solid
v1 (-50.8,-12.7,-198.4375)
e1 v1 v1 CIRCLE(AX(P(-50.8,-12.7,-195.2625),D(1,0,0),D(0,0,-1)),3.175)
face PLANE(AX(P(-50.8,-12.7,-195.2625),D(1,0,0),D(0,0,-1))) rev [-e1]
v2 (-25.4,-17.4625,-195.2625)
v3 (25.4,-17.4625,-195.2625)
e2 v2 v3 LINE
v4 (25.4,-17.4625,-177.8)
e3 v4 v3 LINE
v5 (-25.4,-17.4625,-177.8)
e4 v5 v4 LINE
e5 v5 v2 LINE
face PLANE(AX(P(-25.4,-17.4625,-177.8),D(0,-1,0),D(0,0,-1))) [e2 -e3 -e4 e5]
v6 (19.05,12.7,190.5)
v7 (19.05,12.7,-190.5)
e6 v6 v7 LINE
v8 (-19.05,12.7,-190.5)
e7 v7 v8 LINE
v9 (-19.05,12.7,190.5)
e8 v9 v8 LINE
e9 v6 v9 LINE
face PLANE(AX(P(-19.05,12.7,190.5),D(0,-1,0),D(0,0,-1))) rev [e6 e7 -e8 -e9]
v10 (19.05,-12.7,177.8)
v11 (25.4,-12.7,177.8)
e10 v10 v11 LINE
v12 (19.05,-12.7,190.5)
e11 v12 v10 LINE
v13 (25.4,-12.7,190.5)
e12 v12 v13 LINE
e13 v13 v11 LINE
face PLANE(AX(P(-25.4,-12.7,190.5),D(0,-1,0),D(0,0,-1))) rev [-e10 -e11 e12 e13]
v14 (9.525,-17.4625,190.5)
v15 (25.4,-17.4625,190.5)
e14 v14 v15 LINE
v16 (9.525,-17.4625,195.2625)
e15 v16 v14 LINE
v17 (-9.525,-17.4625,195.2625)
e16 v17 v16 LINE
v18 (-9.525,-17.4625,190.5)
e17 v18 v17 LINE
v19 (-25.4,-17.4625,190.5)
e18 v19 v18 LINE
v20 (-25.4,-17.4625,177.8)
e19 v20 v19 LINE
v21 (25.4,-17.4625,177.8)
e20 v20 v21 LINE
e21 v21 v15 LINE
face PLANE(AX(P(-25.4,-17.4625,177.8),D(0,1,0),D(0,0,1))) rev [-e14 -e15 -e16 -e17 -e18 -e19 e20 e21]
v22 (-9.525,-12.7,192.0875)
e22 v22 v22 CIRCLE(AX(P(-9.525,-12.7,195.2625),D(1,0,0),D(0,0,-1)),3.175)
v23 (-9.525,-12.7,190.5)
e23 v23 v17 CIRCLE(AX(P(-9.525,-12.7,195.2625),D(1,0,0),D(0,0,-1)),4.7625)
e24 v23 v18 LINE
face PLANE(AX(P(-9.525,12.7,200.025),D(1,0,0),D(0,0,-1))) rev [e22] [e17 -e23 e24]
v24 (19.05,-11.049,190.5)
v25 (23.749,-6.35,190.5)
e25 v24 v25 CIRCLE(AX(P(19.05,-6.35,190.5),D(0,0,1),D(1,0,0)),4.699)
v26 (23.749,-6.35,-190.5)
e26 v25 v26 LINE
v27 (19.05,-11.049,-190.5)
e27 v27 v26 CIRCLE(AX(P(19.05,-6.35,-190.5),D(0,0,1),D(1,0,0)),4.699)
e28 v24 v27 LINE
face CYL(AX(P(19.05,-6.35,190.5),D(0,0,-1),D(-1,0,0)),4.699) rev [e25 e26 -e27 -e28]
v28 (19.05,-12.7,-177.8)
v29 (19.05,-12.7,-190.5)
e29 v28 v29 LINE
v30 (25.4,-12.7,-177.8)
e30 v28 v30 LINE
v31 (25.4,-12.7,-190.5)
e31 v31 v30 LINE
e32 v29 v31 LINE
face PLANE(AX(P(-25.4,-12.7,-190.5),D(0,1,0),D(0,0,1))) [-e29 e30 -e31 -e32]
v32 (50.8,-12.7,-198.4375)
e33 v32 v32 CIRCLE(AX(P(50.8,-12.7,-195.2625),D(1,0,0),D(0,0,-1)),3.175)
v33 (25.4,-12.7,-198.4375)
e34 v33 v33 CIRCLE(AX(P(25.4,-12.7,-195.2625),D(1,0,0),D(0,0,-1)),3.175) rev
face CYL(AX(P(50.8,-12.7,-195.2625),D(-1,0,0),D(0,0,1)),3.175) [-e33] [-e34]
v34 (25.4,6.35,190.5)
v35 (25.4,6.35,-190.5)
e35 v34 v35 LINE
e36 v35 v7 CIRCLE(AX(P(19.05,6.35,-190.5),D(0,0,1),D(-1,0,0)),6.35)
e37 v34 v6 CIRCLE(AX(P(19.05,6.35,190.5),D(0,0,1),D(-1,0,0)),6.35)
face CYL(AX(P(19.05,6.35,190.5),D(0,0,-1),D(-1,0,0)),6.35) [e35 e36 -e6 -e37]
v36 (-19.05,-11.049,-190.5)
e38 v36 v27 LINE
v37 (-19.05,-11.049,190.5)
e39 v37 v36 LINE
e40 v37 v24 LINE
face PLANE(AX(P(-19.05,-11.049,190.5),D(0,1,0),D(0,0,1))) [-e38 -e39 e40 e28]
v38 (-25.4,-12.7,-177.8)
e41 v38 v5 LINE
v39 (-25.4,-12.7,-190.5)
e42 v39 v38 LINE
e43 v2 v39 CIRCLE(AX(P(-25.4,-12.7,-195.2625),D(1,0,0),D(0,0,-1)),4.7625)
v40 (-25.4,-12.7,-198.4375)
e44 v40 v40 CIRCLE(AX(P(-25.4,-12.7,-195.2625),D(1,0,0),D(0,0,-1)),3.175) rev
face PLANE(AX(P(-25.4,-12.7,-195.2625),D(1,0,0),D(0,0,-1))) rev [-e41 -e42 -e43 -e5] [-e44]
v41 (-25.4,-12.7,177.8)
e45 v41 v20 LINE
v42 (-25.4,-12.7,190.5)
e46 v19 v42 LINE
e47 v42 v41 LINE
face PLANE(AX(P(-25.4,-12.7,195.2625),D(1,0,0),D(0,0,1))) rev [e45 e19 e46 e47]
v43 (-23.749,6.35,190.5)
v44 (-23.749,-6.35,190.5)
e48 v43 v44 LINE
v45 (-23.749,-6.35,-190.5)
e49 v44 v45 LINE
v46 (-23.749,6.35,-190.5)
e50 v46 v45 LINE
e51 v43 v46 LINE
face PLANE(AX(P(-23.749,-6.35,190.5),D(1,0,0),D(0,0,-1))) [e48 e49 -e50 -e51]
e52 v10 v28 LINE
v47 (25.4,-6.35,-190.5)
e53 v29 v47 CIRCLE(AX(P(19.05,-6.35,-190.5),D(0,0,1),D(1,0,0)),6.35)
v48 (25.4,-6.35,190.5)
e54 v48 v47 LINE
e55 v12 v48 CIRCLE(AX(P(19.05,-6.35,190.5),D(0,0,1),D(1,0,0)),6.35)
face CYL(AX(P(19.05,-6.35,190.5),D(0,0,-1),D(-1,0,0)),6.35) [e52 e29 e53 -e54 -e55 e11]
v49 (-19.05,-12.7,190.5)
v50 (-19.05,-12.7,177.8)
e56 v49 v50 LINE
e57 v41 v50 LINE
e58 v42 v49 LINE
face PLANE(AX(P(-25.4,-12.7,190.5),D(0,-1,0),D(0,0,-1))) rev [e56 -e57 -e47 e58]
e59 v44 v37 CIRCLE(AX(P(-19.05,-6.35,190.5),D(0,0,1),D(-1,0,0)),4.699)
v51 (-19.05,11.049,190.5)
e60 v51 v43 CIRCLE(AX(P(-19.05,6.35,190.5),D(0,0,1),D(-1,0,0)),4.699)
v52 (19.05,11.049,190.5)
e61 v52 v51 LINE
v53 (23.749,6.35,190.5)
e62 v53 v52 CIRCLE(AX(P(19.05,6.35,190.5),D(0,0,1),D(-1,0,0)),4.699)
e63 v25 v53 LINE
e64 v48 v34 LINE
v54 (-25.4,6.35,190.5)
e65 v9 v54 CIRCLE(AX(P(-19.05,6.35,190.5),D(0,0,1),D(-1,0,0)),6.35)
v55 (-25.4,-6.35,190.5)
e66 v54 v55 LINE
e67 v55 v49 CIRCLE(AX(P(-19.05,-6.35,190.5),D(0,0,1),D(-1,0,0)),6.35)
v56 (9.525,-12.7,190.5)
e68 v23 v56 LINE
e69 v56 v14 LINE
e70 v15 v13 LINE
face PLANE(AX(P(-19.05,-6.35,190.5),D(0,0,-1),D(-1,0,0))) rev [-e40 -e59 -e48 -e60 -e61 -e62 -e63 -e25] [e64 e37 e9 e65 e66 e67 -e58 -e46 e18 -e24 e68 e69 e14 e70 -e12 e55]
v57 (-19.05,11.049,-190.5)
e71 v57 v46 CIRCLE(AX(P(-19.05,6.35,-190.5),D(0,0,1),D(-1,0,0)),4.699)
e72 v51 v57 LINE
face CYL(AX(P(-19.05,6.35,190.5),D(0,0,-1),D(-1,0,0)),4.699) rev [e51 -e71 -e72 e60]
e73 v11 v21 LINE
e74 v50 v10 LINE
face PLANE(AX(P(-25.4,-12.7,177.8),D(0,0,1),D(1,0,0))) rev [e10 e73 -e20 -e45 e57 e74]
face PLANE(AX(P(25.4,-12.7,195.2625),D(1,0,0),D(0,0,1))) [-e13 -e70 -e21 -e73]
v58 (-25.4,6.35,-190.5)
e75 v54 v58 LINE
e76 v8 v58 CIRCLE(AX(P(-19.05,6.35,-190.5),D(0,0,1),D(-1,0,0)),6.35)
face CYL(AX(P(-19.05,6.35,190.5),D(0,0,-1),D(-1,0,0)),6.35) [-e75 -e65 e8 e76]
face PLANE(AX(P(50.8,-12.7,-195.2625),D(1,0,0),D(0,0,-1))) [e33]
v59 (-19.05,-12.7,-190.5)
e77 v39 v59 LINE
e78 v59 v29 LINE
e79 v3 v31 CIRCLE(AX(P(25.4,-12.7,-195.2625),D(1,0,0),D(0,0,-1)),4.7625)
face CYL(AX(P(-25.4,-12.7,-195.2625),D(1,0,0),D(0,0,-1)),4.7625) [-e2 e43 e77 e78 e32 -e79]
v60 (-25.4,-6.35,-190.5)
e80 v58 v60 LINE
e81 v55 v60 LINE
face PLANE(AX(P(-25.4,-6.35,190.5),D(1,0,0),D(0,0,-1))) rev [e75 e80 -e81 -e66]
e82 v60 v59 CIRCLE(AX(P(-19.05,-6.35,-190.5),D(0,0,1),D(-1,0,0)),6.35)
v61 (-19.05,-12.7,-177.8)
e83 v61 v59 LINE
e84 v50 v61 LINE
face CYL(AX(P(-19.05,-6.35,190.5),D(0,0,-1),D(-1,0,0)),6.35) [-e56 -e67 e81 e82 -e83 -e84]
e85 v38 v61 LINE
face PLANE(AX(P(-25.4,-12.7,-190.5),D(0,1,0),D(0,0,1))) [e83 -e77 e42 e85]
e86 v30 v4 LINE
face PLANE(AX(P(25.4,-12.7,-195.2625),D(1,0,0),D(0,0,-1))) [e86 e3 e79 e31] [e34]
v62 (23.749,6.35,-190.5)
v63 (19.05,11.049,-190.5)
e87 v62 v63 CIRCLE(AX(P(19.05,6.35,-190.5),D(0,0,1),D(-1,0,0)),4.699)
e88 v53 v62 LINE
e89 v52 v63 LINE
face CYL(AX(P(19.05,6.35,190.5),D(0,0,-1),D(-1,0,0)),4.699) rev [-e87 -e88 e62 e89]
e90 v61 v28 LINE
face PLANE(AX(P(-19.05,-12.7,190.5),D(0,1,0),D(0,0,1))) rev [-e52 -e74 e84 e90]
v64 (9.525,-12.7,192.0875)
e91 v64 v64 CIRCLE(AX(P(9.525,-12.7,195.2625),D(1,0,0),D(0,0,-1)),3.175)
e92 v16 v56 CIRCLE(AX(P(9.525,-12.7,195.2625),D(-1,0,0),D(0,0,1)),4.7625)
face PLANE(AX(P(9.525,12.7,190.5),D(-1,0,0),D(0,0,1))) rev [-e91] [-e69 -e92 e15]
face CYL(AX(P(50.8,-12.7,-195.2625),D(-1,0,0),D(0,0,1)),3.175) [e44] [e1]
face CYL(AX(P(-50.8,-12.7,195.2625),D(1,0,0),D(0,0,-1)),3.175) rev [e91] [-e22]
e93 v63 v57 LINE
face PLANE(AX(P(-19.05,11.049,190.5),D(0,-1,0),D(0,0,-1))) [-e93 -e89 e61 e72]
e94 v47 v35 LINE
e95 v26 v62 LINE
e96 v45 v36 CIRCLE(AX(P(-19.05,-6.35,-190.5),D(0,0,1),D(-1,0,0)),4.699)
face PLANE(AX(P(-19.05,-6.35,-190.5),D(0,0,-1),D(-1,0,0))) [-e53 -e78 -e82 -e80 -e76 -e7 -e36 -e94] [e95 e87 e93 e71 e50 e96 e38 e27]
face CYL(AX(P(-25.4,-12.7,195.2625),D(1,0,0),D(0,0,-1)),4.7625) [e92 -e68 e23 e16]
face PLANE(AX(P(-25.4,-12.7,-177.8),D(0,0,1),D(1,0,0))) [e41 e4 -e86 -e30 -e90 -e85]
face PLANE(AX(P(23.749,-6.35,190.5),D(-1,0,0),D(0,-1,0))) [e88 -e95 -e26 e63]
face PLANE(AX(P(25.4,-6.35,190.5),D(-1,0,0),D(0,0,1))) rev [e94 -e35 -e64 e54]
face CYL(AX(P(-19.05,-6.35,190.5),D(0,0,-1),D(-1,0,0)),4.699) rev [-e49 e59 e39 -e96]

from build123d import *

# Parameters (mm, degrees)
BOSS_EXTRUDE1_DEPTH = 190.5
BOSS_EXTRUDE2_DEPTH = 50.8
SKETCH3_R           = 3.175
BOSS_EXTRUDE3_DEPTH = 50.8
SKETCH4_W           = 15.875
SKETCH4_H           = 9.525
CUT_EXTRUDE1_DEPTH  = 31.1625
SKETCH5_R           = 3.175
CUT_EXTRUDE2_DEPTH  = 61.325


with BuildPart() as part:
    # Sketch1 → Boss-Extrude1 (new body, symmetric)
    with BuildSketch(Plane.XY):
        with BuildLine():
            Line((-19.05, -12.7), (19.05, -12.7))
            ThreePointArc((19.05, -12.7), (23.540128061, -10.840128061), (25.4, -6.35))
            Line((25.4, -6.35), (25.4, 6.35))
            ThreePointArc((25.4, 6.35), (23.540128061, 10.840128061), (19.05, 12.7))
            Line((19.05, 12.7), (-19.05, 12.7))
            ThreePointArc((-19.05, 12.7), (-23.540128061, 10.840128061), (-25.4, 6.35))
            Line((-25.4, 6.35), (-25.4, -6.35))
            ThreePointArc((-25.4, -6.35), (-23.540128061, -10.840128061), (-19.05, -12.7))
        make_face()
        with BuildLine():
            Line((-19.05, 11.049), (19.05, 11.049))
            ThreePointArc((19.05, 11.049), (22.372694765, 9.672694765), (23.749, 6.35))
            Line((23.749, 6.35), (23.749, -6.35))
            ThreePointArc((23.749, -6.35), (22.372694765, -9.672694765), (19.05, -11.049))
            Line((19.05, -11.049), (-19.05, -11.049))
            ThreePointArc((-19.05, -11.049), (-22.372694765, -9.672694765), (-23.749, -6.35))
            Line((-23.749, -6.35), (-23.749, 6.35))
            ThreePointArc((-23.749, 6.35), (-22.372694765, 9.672694765), (-19.05, 11.049))
        make_face(mode=Mode.SUBTRACT)
    extrude(amount=BOSS_EXTRUDE1_DEPTH, both=True)

    # Sketch2 → Boss-Extrude2 (add, through all)
    with BuildSketch(Plane(origin=(25.4, 0, 0), x_dir=(0, 0, -1), z_dir=(1, 0, 0))):
        with BuildLine():
            Line((177.8, -12.7), (177.8, -17.4625))
            Line((177.8, -17.4625), (195.2625, -17.4625))
            ThreePointArc((195.2625, -17.4625), (198.630096045, -9.332403955), (190.5, -12.7))
            Line((190.5, -12.7), (177.8, -12.7))
        make_face()
    boss_extrude2 = extrude(amount=-BOSS_EXTRUDE2_DEPTH)

    # Mirror1: Boss-Extrude2 across plane
    add(boss_extrude2.mirror(Plane.XY))

    # Sketch3 → Boss-Extrude3 (add, symmetric)
    with BuildSketch(Plane(origin=(0, 0, 0), x_dir=(0, 0, -1), z_dir=(1, 0, 0))):
        with Locations((195.2625, -12.7)):
            Circle(SKETCH3_R)
    extrude(amount=BOSS_EXTRUDE3_DEPTH, both=True)

    # Sketch4 → Cut-Extrude1 (cut, through all)
    with BuildSketch(Plane.XZ.offset(17.4625)):
        with Locations((-17.4625, 195.2625)):
            Rectangle(SKETCH4_W, SKETCH4_H)
        with Locations((17.4625, 195.2625)):
            Rectangle(SKETCH4_W, SKETCH4_H)
    extrude(amount=-CUT_EXTRUDE1_DEPTH, mode=Mode.SUBTRACT)

    # Sketch5 → Cut-Extrude2 (cut, through all)
    with BuildSketch(Plane(origin=(9.525, 0, 0), x_dir=(0, 0, -1), z_dir=(1, 0, 0))):
        with Locations((-195.2625, -12.7)):
            Circle(SKETCH5_R)
    extrude(amount=-CUT_EXTRUDE2_DEPTH, mode=Mode.SUBTRACT)


solid = part.part
